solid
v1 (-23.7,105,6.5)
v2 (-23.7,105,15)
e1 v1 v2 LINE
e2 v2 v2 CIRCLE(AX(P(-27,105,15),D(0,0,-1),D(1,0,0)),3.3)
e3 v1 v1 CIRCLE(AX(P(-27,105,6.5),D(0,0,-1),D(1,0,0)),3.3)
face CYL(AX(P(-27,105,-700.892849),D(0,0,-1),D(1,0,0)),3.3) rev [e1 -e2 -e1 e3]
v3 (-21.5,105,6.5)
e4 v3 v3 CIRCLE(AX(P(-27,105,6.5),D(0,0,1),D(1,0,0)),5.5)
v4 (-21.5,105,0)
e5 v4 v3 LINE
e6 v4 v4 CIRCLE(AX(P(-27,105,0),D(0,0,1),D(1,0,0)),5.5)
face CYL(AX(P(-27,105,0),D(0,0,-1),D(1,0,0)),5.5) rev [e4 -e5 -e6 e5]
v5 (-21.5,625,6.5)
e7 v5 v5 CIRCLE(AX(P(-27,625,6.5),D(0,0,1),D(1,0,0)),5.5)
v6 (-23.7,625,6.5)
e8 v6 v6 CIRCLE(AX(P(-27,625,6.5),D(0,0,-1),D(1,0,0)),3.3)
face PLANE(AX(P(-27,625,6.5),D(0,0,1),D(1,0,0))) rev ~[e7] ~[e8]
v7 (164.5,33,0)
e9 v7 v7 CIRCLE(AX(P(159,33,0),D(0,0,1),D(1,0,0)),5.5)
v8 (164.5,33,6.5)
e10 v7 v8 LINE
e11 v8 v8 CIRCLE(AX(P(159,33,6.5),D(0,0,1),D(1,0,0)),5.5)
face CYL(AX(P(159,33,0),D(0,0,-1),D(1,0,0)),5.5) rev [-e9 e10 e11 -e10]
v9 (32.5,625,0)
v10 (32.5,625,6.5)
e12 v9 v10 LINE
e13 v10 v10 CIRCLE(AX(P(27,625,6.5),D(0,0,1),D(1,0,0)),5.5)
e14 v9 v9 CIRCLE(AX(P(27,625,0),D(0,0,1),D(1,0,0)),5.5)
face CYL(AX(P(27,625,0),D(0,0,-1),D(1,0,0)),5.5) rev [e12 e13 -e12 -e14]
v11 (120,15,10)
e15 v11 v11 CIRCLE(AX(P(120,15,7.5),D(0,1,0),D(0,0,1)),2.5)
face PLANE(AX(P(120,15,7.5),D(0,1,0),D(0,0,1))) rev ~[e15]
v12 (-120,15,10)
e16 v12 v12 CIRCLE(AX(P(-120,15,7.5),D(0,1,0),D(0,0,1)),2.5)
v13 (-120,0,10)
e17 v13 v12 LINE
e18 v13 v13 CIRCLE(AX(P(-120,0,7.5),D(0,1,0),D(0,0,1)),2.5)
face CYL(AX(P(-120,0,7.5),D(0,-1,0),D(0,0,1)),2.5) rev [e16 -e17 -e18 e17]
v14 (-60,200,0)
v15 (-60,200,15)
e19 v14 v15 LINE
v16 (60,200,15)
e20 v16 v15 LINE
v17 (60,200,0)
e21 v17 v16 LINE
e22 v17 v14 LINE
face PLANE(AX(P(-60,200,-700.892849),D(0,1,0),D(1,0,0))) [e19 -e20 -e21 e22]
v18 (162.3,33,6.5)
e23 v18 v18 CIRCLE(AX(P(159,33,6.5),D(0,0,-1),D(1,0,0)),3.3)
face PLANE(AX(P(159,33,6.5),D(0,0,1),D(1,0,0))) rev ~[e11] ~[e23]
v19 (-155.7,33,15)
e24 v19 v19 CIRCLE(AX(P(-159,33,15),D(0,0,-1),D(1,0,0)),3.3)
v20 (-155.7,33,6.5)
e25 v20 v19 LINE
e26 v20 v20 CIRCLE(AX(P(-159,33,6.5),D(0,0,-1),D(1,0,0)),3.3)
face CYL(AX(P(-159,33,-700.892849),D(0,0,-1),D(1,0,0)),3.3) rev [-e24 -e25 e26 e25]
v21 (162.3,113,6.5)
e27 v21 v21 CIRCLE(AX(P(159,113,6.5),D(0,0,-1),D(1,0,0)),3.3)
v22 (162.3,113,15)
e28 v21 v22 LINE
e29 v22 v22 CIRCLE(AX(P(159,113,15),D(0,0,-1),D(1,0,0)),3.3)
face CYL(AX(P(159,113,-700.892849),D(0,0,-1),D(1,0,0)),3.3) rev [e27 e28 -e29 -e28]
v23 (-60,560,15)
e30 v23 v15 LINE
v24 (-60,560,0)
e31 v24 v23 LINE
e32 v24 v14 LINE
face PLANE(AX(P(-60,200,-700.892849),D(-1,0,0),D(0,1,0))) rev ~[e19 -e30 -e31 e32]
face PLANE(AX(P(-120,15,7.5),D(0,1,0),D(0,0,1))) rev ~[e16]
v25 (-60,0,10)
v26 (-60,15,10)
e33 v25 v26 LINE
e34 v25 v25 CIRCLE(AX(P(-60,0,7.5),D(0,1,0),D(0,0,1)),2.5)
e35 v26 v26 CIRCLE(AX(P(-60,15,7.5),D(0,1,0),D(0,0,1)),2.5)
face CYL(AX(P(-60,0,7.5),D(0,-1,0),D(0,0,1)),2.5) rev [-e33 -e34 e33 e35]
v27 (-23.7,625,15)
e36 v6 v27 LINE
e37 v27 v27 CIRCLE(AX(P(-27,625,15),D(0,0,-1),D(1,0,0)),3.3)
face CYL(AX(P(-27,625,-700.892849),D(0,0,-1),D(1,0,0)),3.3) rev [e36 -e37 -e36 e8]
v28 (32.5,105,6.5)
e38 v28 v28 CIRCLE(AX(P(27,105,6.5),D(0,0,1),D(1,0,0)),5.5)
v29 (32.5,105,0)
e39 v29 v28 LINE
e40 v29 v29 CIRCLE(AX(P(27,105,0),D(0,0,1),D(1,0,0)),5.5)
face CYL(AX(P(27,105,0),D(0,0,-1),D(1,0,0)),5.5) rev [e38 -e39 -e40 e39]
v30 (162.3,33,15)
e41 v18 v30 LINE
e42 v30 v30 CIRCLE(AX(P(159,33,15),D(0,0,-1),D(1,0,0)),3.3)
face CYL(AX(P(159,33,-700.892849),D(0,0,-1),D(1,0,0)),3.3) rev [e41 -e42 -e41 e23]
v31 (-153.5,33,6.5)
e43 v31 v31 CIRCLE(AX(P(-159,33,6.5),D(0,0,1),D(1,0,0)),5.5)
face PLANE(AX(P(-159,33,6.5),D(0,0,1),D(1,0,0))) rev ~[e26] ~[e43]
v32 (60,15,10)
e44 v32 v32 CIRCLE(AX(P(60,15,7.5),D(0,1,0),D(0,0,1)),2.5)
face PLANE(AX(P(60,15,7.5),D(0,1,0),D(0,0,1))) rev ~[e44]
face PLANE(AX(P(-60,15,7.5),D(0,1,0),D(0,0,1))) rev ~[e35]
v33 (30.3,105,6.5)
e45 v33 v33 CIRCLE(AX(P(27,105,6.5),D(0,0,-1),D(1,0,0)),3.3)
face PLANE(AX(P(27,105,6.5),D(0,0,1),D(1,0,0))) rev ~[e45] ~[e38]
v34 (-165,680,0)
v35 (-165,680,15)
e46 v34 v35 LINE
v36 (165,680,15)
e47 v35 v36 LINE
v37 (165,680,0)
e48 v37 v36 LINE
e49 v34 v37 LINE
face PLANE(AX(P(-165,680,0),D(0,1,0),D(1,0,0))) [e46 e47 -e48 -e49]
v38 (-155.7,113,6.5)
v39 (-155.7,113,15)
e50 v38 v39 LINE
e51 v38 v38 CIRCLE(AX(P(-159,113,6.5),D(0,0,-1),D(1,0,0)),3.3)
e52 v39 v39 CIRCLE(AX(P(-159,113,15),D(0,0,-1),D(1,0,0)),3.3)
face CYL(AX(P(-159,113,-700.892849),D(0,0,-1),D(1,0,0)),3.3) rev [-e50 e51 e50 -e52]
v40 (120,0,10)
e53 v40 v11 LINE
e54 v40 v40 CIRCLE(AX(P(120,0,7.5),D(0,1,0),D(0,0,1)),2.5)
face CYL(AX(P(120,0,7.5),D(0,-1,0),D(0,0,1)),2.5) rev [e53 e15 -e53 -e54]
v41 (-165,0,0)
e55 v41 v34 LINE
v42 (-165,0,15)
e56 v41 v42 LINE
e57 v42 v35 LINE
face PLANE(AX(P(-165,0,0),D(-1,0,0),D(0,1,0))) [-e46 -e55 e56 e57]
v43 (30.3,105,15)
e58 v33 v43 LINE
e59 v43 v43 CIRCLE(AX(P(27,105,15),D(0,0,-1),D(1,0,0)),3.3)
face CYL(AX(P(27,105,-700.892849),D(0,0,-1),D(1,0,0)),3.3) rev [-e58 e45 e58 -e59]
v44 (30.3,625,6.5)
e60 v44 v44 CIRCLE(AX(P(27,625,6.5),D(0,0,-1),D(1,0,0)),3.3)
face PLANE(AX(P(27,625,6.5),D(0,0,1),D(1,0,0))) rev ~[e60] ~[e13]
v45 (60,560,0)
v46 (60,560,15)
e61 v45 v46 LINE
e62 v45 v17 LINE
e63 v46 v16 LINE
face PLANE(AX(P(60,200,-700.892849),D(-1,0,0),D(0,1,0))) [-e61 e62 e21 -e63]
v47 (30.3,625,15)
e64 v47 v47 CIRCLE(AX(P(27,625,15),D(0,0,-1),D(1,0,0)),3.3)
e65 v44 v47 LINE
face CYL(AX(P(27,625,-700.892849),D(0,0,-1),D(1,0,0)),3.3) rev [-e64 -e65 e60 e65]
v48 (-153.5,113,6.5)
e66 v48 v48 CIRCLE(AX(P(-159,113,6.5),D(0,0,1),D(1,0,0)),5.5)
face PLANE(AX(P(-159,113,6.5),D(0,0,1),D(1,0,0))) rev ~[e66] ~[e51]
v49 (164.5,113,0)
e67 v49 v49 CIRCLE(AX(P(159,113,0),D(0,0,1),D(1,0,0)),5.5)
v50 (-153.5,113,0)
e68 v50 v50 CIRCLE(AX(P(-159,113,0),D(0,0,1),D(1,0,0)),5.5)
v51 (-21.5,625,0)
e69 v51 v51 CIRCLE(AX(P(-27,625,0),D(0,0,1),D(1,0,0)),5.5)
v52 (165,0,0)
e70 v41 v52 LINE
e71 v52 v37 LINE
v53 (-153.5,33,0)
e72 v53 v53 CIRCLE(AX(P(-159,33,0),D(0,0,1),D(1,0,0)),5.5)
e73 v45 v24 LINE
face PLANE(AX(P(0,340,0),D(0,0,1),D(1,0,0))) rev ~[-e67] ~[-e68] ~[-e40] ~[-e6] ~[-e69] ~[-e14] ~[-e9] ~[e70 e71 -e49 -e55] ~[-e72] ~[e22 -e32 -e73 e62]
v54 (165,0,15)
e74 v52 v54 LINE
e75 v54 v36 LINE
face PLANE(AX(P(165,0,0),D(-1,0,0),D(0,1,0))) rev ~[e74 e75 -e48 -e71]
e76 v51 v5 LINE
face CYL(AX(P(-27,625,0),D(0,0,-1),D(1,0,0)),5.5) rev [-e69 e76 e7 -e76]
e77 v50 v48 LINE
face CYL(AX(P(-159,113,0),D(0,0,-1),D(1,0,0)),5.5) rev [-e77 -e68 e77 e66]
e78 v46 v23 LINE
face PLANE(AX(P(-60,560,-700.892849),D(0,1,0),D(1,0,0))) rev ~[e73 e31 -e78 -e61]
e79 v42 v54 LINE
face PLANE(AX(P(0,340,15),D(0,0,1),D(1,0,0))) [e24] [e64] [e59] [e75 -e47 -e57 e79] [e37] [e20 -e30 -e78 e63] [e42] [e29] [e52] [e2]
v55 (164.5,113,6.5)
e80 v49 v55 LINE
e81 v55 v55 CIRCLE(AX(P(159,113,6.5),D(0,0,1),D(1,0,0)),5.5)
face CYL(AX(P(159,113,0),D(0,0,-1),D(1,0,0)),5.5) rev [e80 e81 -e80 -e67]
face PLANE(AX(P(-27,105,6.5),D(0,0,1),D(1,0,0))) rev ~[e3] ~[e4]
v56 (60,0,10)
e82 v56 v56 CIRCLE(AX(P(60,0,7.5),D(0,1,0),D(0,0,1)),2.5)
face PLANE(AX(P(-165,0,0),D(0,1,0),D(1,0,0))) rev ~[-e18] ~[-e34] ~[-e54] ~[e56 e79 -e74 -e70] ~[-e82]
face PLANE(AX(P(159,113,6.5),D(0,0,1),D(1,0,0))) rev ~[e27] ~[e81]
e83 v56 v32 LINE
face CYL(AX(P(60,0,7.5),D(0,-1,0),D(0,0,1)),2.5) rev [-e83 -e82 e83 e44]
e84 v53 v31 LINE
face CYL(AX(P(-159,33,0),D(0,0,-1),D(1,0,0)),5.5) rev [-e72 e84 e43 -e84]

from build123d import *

# Parameters (mm, degrees)
SKETCH1_W               = 330
SKETCH1_H               = 680
BOSS_EXTRUDE1_DEPTH     = 15
CUT_EXTRUDE1_DEPTH      = 700.892848942
CUT_EXTRUDE1_DEPTH_BACK = 700.892848942
SKETCH2_R               = 3.3
SKETCH3_R               = 5.5
CUT_EXTRUDE3_DEPTH      = 6.5
CUT_EXTRUDE4_DEPTH      = 700.892848942
CUT_EXTRUDE4_DEPTH_BACK = 700.892848942
SKETCH4_R               = 3.3
SKETCH5_R               = 5.5
CUT_EXTRUDE6_DEPTH      = 6.5
SKETCH6_R               = 2.5
CUT_EXTRUDE8_DEPTH      = 15
CUT_EXTRUDE9_DEPTH      = 700.892848942
CUT_EXTRUDE9_DEPTH_BACK = 700.892848942
SKETCH7_W               = 120
SKETCH7_H               = 360


with BuildPart() as part:
    # Sketch1 → Boss-Extrude1 (new body)
    with BuildSketch(Plane.XY):
        with Locations((0, 340)):
            Rectangle(SKETCH1_W, SKETCH1_H)
    extrude(amount=BOSS_EXTRUDE1_DEPTH)

    # Sketch2 → Cut-Extrude1 (cut, two sides: drawn at the far end of the back side and taken through both)
    with BuildSketch(Plane.XY.offset(-CUT_EXTRUDE1_DEPTH_BACK)):
        with Locations((-27, 105)):
            Circle(SKETCH2_R)
        with Locations((-27, 625)):
            Circle(SKETCH2_R)
        with Locations((27, 105)):
            Circle(SKETCH2_R)
        with Locations((27, 625)):
            Circle(SKETCH2_R)
    extrude(amount=CUT_EXTRUDE1_DEPTH + CUT_EXTRUDE1_DEPTH_BACK, mode=Mode.SUBTRACT)

    # Sketch3 → Cut-Extrude3 (cut)
    with BuildSketch(Plane.XY):
        with Locations((-27, 105)):
            Circle(SKETCH3_R)
        with Locations((-27, 625)):
            Circle(SKETCH3_R)
        with Locations((27, 105)):
            Circle(SKETCH3_R)
        with Locations((27, 625)):
            Circle(SKETCH3_R)
    extrude(amount=CUT_EXTRUDE3_DEPTH, mode=Mode.SUBTRACT)

    # Sketch4 → Cut-Extrude4 (cut, two sides: drawn at the far end of the back side and taken through both)
    with BuildSketch(Plane.XY.offset(-CUT_EXTRUDE4_DEPTH_BACK)):
        with Locations((-159, 33)):
            Circle(SKETCH4_R)
        with Locations((-159, 113)):
            Circle(SKETCH4_R)
        with Locations((159, 33)):
            Circle(SKETCH4_R)
        with Locations((159, 113)):
            Circle(SKETCH4_R)
    extrude(amount=CUT_EXTRUDE4_DEPTH + CUT_EXTRUDE4_DEPTH_BACK, mode=Mode.SUBTRACT)

    # Sketch5 → Cut-Extrude6 (cut)
    with BuildSketch(Plane.XY):
        with Locations((-159, 33)):
            Circle(SKETCH5_R)
        with Locations((-159, 113)):
            Circle(SKETCH5_R)
        with Locations((159, 33)):
            Circle(SKETCH5_R)
        with Locations((159, 113)):
            Circle(SKETCH5_R)
    extrude(amount=CUT_EXTRUDE6_DEPTH, mode=Mode.SUBTRACT)

    # Sketch6 → Cut-Extrude8 (cut)
    with BuildSketch(Plane(origin=(0, 0, 0), x_dir=(1, 0, 0), z_dir=(0, 1, 0))):
        with Locations(Location((-120, -7.5, 0), (0, 0, 270))):
            Circle(SKETCH6_R)
        with Locations(Location((-60, -7.5, 0), (0, 0, 270))):
            Circle(SKETCH6_R)
        with Locations(Location((60, -7.5, 0), (0, 0, 270))):
            Circle(SKETCH6_R)
        with Locations(Location((120, -7.5, 0), (0, 0, 270))):
            Circle(SKETCH6_R)
    extrude(amount=CUT_EXTRUDE8_DEPTH, mode=Mode.SUBTRACT)

    # Sketch7 → Cut-Extrude9 (cut, two sides: drawn at the far end of the back side and taken through both)
    with BuildSketch(Plane.XY.offset(-CUT_EXTRUDE9_DEPTH_BACK)):
        with Locations((0, 380)):
            Rectangle(SKETCH7_W, SKETCH7_H)
    extrude(amount=CUT_EXTRUDE9_DEPTH + CUT_EXTRUDE9_DEPTH_BACK, mode=Mode.SUBTRACT)


solid = part.part
